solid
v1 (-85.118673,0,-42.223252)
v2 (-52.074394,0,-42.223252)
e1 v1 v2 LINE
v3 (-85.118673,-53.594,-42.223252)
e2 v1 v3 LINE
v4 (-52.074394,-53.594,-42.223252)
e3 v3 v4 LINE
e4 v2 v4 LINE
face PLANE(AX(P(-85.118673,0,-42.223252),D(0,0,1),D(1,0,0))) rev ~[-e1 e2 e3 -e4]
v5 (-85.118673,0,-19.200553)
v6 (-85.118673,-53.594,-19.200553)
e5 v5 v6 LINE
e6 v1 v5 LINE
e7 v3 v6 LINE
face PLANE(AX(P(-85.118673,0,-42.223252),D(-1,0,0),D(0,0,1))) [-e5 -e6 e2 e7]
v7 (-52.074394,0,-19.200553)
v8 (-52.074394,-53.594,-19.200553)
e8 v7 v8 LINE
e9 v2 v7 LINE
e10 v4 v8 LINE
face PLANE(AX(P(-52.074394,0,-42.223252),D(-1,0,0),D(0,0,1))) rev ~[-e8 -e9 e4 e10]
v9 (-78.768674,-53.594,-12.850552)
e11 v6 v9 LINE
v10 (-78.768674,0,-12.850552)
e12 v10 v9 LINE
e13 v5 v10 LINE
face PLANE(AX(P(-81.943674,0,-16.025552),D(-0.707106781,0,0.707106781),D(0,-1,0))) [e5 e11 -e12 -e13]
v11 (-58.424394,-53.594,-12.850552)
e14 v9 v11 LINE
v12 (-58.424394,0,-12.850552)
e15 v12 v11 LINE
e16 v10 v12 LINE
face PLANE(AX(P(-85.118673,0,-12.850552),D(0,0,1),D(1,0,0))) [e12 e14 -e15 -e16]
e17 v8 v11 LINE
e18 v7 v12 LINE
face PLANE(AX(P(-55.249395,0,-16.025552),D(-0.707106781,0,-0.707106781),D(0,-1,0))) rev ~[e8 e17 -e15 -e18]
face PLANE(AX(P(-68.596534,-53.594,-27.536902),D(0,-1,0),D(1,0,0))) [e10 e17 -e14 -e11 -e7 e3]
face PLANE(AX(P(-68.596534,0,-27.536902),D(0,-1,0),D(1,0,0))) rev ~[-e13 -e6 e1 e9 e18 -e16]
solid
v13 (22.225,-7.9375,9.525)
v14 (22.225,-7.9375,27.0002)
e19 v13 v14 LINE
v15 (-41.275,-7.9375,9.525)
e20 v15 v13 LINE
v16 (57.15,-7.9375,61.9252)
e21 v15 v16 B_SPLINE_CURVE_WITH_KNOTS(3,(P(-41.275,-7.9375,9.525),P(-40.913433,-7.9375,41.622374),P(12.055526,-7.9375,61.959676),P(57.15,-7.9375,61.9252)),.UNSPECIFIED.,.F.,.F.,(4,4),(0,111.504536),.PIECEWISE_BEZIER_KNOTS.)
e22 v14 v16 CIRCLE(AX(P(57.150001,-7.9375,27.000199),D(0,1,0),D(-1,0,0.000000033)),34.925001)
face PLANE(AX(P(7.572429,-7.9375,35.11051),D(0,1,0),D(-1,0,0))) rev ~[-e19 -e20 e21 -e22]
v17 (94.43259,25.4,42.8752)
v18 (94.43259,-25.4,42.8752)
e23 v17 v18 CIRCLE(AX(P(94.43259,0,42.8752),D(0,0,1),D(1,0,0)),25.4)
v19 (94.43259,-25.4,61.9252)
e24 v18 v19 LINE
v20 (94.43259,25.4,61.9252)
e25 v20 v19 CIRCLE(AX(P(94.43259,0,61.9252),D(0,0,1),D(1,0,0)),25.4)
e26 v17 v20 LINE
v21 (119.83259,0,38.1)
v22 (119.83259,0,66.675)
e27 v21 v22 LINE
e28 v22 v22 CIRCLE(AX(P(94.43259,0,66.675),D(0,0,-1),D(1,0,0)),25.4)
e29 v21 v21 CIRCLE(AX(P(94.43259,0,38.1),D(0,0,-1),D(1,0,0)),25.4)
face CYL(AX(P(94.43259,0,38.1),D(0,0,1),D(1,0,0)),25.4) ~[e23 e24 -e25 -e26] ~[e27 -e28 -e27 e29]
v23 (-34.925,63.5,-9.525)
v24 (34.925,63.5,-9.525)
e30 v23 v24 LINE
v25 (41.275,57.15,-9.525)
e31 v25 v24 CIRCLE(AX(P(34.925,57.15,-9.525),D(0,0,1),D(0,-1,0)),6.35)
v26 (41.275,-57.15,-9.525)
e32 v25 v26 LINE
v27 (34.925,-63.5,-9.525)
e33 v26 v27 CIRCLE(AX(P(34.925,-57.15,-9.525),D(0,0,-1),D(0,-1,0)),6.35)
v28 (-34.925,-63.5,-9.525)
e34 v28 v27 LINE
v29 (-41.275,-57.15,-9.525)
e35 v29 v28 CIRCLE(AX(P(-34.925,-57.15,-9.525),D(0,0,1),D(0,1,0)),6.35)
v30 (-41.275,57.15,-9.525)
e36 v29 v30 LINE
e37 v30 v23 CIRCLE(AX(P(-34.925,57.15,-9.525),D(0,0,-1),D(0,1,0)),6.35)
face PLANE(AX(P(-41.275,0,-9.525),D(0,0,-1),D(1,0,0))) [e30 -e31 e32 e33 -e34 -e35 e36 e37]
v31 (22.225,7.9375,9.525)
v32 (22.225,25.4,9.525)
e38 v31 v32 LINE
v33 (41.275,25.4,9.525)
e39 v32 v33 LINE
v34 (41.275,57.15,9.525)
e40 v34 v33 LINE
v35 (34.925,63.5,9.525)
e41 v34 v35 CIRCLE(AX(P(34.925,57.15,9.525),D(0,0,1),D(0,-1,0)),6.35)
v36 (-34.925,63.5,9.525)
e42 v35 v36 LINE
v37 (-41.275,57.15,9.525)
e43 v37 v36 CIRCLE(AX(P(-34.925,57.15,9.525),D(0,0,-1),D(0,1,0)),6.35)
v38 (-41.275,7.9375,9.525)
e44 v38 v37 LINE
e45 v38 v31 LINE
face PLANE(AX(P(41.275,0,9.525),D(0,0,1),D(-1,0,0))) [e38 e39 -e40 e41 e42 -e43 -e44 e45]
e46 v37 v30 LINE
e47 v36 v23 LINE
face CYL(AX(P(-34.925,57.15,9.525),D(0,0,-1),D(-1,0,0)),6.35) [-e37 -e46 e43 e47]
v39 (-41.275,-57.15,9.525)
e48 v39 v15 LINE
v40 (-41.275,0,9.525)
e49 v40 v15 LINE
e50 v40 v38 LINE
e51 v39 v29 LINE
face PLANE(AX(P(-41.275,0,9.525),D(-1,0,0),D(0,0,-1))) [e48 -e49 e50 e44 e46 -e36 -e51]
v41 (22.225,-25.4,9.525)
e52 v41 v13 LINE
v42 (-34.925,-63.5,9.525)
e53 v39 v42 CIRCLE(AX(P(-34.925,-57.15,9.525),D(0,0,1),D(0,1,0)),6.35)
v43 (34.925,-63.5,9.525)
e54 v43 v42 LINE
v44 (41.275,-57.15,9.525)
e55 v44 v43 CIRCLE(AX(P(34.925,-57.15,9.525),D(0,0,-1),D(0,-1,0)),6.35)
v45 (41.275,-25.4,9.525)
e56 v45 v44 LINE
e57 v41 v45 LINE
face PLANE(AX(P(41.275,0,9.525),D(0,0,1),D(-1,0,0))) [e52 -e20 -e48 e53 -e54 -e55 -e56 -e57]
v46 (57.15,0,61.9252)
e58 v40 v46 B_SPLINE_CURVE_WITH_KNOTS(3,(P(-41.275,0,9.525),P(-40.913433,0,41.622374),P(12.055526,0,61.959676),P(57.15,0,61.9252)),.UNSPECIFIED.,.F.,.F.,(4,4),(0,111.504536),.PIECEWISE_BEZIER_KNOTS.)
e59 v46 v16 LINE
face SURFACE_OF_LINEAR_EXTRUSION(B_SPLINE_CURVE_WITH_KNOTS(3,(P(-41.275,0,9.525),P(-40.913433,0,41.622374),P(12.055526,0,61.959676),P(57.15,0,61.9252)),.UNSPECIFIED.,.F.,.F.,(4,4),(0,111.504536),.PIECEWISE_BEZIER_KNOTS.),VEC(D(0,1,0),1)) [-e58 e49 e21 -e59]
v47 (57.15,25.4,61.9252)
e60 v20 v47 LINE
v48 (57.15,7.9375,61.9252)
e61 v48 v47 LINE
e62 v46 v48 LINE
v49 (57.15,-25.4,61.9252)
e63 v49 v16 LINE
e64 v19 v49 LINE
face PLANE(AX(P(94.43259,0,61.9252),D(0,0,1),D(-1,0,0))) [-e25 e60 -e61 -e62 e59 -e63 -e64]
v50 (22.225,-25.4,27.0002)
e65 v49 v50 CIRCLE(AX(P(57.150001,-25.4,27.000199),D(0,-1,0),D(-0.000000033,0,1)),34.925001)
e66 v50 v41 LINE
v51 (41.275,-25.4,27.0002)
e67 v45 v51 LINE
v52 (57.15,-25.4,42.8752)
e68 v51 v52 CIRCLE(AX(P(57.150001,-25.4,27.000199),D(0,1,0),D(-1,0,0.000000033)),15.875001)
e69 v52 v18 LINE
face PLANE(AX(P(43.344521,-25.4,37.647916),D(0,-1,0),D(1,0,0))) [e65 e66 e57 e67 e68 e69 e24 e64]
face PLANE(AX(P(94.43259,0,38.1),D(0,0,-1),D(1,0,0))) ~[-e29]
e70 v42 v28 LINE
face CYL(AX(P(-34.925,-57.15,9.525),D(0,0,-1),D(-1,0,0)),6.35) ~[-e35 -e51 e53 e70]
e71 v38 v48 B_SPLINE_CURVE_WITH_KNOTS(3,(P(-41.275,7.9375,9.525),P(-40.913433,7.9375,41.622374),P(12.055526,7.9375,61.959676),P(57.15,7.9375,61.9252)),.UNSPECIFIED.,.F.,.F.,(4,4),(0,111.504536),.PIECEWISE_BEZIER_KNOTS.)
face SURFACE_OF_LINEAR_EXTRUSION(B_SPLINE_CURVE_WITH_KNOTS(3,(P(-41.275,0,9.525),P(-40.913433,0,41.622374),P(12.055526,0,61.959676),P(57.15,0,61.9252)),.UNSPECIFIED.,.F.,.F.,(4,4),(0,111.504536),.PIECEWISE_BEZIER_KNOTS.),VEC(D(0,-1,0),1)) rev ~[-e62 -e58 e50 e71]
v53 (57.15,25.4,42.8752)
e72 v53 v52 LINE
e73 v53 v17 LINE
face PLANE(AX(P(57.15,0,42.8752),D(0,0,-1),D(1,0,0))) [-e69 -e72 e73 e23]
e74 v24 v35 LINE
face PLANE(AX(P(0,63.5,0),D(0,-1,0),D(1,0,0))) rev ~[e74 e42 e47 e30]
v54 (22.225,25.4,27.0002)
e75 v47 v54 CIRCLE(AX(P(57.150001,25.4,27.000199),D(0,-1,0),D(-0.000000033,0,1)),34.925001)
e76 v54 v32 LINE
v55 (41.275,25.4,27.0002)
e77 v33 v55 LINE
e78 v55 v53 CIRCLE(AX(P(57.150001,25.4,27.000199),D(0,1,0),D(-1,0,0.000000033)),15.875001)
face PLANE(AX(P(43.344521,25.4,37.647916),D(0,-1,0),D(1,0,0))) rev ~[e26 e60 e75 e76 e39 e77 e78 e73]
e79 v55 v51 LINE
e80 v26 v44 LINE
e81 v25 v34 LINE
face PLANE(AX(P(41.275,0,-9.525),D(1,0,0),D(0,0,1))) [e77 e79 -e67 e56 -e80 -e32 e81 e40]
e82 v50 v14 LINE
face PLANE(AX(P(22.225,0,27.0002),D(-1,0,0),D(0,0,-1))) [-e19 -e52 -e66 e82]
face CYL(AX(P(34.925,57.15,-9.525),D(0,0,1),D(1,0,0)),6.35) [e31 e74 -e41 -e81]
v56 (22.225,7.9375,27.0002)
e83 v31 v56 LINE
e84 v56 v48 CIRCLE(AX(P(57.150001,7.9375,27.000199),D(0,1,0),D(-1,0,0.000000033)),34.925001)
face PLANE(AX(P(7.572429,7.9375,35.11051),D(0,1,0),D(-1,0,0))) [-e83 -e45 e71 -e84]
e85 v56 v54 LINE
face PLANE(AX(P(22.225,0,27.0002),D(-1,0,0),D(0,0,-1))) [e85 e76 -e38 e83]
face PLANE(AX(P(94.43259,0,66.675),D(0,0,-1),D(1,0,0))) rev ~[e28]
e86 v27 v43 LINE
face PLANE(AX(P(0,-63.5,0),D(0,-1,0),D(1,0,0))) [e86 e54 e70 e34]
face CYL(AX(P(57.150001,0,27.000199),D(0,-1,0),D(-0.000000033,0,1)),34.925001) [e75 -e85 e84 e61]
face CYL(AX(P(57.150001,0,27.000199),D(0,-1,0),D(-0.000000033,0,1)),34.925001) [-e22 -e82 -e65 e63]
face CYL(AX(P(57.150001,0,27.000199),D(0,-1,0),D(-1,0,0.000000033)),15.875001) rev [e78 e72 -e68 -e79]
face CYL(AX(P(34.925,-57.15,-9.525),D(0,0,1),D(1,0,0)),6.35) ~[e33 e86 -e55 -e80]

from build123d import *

# Parameters (mm, degrees)
F1_DEPTH = 63.5
F0_W     = 25.4
F0_H     = 19.05
F2_DEPTH = 25.4
F3_DEPTH = 7.9375
F5_R     = 6.35
F6_W     = 33.044279
F6_H     = 29.372699
F7_DEPTH = 53.594
F8_SIZE  = 6.35


with BuildPart() as f1:
    # F0 (on Front) → F1 (new body, symmetric)
    with BuildSketch(Plane.XZ):
        Polygon((-41.275, -9.525), (41.275, -9.525), (41.275, 9.525), (22.225, 9.525), (-41.275, 9.525), align=None)
    extrude(amount=F1_DEPTH, both=True)

    # F0 (on Front) → F2 (join, symmetric)
    with BuildSketch(Plane.XZ):
        with BuildLine():
            Line((22.225, 9.525), (41.275, 9.525))
            Line((41.275, 9.525), (41.275, 27.0002))
            ThreePointArc((41.275, 27.0002), (45.92468, 38.22552), (57.15, 42.8752))
            Line((57.15, 42.8752), (69.03259, 42.8752))
            Line((69.03259, 42.8752), (69.03259, 61.9252))
            Line((69.03259, 61.9252), (57.15, 61.9252))
            ThreePointArc((57.15, 61.9252), (32.454296, 51.695904), (22.225, 27.0002))
            Line((22.225, 27.0002), (22.225, 9.525))
        make_face()
        with Locations((81.73259, 52.4002)):
            Rectangle(F0_W, F0_H)
    extrude(amount=F2_DEPTH, both=True)

    # F0 (on Front) → F3 (join, symmetric)
    with BuildSketch(Plane.XZ):
        with BuildLine():
            add(Edge.make_bspline(
                [(-41.275, 9.525), (-40.913433, 41.622374), (12.055526, 61.959676), (57.15, 61.9252)],
                knots=[0, 0, 0, 0, 111.504536, 111.504536, 111.504536, 111.504536], degree=3))
            Line((-41.275, 9.525), (22.225, 9.525))
            Line((22.225, 9.525), (22.225, 27.0002))
            ThreePointArc((22.225, 27.0002), (32.454296, 51.695904), (57.15, 61.9252))
        make_face()
    extrude(amount=F3_DEPTH, both=True)

    # F0 (on Front) → F4 (revolve)
    with BuildSketch(Plane.XZ):
        Polygon((94.43259, 66.675), (94.43259, 61.9252), (94.43259, 42.8752), (94.43259, 38.1), (119.83259, 38.1), (119.83259, 66.675), align=None)
    revolve(axis=Axis((94.43259, 0, 52.4002), (0, 0, -1)))

    # F5
    f5_edges = [f1.edges().sort_by_distance(p)[0] for p in [
        (-41.275, -63.5, 0),
        (41.275, -63.5, 0),
        (41.275, 63.5, 0),
        (-41.275, 63.5, 0),
    ]]
    fillet(f5_edges, radius=F5_R)


with BuildPart() as f7:
    # F6 (on Front) → F7 (new body)
    with BuildSketch(Plane.XZ):
        with Locations((-68.596534, -27.536902)):
            Rectangle(F6_W, F6_H)
    extrude(amount=F7_DEPTH)

    # F8
    f8_edges = [f7.edges().sort_by_distance(p)[0] for p in [
        (-85.118674, -26.797, -12.850553),
        (-52.074395, -26.797, -12.850553),
    ]]
    chamfer(f8_edges, length=F8_SIZE)


solid = Compound([f1.part, f7.part])
